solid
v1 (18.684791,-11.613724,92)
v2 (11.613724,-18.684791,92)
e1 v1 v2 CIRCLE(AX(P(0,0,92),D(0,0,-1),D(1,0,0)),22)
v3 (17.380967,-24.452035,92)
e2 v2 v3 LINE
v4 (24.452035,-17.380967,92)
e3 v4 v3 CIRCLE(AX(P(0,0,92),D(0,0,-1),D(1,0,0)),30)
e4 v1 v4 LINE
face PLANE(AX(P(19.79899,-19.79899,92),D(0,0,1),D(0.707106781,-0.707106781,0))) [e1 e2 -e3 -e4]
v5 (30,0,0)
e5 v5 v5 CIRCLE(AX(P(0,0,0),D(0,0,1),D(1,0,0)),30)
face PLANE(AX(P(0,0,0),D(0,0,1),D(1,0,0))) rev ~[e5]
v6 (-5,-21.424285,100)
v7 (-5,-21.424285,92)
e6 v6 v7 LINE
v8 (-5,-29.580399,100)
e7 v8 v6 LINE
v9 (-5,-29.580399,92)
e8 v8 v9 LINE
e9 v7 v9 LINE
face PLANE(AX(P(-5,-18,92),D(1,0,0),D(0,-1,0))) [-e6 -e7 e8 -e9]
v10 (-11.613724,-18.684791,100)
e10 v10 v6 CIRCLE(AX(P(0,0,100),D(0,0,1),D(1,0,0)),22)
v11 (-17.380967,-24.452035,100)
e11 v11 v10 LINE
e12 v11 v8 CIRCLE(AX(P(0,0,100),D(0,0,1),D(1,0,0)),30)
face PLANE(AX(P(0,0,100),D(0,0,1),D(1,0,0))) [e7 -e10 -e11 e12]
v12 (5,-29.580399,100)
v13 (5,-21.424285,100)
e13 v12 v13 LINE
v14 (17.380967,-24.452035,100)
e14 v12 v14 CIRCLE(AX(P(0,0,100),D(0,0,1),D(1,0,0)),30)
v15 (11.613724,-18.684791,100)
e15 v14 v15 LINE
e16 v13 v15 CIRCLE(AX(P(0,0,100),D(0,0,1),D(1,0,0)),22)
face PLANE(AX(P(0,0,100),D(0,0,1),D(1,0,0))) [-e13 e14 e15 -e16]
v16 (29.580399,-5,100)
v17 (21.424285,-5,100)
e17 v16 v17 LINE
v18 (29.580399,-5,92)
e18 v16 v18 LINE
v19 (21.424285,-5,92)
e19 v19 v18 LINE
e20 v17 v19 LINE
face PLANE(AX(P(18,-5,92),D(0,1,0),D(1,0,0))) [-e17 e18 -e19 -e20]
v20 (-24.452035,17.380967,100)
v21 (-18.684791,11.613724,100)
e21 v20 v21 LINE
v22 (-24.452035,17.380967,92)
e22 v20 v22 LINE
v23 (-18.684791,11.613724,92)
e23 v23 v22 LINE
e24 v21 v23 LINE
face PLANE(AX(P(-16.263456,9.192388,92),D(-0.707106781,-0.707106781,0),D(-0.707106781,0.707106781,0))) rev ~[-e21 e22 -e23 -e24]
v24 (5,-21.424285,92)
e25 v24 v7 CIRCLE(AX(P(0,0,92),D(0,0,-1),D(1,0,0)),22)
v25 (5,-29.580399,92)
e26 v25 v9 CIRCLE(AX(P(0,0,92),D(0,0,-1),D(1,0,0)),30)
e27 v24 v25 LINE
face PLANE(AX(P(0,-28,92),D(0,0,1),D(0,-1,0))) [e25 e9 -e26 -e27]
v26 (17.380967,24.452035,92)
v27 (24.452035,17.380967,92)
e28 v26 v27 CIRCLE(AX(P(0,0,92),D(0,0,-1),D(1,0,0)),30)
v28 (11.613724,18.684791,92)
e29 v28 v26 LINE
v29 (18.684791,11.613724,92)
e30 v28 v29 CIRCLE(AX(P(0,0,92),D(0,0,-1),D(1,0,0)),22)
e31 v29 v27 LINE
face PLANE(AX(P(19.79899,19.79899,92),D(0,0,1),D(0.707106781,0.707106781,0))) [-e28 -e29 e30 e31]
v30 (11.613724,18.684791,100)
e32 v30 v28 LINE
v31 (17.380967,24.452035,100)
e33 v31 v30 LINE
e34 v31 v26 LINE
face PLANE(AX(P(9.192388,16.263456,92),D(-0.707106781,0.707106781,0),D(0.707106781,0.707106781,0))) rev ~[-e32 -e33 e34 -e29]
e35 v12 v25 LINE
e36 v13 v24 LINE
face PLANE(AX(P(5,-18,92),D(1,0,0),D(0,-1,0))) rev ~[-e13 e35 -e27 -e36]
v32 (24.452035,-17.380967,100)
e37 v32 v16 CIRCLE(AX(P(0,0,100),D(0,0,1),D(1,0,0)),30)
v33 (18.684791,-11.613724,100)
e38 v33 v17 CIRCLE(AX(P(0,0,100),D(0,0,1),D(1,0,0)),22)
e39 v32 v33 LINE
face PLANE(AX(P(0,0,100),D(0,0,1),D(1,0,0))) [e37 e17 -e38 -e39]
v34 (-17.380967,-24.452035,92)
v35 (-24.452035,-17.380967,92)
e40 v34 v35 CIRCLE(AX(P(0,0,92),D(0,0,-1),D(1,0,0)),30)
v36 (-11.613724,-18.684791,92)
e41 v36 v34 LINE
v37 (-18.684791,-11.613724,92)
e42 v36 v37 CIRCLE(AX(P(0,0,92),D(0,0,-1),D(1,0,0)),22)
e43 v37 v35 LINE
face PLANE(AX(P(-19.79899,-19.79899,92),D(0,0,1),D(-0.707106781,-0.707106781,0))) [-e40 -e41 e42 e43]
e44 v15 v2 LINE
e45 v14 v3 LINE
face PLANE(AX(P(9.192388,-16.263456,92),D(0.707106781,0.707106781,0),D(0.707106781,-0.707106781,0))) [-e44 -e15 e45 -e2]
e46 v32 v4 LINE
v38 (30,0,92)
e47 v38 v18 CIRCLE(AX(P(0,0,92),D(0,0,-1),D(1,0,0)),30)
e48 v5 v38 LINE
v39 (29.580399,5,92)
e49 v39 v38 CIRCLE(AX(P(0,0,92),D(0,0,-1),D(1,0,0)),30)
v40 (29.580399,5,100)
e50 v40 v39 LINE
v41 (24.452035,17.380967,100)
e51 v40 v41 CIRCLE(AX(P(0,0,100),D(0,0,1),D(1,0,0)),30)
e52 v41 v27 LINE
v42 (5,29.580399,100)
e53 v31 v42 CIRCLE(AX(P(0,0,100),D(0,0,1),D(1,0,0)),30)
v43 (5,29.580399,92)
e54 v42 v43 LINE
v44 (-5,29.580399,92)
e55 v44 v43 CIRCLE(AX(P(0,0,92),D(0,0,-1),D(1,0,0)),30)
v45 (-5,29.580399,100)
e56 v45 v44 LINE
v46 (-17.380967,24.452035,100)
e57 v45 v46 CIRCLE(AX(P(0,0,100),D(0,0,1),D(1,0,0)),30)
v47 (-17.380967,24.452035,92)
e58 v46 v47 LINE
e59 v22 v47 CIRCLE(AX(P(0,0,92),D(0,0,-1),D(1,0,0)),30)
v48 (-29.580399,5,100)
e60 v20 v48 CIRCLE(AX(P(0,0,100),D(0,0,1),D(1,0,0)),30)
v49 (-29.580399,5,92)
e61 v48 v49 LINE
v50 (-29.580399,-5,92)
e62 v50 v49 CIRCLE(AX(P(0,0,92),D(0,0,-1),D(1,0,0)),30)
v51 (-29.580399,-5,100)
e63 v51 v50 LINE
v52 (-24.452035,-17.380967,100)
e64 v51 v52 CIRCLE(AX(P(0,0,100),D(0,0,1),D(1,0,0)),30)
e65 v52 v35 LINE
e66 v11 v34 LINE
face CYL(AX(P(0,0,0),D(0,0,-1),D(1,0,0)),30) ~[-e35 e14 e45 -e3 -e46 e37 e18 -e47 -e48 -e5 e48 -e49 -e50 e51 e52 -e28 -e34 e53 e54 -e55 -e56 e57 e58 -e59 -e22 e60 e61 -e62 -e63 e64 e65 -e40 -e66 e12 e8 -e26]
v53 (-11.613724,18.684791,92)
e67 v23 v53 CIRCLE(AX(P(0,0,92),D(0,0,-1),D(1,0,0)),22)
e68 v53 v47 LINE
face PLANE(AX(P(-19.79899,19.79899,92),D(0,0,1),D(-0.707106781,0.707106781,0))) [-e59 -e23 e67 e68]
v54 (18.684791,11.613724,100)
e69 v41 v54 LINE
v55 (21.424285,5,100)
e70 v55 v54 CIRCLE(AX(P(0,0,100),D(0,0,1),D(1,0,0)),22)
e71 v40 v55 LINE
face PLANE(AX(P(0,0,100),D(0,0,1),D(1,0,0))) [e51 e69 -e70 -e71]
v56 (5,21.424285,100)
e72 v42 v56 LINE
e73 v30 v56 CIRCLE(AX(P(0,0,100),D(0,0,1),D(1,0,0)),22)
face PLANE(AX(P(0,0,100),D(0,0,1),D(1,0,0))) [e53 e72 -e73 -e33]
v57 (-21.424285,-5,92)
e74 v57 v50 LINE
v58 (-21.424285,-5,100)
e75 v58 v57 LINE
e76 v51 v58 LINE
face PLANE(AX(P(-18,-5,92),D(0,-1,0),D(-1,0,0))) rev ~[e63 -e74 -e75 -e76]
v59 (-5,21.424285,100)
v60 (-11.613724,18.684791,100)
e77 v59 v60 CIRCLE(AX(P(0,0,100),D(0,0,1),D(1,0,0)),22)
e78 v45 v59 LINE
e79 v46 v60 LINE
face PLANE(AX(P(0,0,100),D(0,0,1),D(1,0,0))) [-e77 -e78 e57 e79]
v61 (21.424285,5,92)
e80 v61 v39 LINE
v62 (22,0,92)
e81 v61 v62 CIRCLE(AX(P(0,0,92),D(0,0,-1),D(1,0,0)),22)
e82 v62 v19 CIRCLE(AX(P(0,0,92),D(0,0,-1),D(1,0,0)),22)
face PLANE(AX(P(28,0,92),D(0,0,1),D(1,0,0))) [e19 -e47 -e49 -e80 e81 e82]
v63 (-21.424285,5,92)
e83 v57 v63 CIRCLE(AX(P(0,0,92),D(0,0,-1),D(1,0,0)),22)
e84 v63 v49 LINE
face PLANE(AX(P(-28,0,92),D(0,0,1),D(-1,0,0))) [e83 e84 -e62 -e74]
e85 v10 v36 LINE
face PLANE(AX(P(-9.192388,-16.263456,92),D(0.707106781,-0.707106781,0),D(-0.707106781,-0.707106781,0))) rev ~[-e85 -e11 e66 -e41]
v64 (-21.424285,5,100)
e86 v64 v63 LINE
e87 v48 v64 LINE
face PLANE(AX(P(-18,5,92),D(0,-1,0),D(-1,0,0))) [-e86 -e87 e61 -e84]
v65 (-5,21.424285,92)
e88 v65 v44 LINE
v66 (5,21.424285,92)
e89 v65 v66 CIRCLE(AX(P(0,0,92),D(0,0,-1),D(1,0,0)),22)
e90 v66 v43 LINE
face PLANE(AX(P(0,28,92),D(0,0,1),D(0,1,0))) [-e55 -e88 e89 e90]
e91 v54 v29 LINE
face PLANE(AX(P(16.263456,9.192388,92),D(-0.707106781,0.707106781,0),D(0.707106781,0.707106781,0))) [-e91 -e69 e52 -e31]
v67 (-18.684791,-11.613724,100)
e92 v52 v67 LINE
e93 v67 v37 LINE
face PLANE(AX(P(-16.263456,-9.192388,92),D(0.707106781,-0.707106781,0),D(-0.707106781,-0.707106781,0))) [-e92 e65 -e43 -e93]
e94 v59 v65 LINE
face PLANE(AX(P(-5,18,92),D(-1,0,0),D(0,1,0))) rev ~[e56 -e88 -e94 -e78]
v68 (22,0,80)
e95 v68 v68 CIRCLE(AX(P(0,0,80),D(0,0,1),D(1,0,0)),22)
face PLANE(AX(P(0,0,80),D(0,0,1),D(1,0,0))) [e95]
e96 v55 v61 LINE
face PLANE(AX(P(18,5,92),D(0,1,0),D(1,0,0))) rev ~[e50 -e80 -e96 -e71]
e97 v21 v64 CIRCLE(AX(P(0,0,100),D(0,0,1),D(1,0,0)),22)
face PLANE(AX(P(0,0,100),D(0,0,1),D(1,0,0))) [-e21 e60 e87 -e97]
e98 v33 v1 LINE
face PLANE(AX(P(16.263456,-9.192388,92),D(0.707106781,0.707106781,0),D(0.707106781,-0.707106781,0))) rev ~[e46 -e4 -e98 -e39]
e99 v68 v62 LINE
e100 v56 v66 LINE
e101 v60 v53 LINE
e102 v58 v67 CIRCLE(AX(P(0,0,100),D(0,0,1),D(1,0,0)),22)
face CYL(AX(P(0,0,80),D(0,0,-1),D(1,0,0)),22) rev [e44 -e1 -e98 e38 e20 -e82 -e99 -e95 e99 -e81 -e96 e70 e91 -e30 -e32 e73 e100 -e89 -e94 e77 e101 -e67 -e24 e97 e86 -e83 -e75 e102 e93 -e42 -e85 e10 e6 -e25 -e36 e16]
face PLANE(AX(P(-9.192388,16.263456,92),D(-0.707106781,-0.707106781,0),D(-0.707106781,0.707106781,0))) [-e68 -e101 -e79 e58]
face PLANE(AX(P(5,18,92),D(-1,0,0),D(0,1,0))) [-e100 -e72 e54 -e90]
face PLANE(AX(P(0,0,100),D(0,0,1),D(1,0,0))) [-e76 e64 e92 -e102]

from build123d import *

# Parameters (mm, degrees)
CYLINDER001_R     = 22
CYLINDER001_DEPTH = 20
BOX_W             = 20
BOX_H             = 10
BOX_DEPTH         = 10
ARRAY_COUNT       = 8
CYLINDER_R        = 30
CYLINDER_DEPTH    = 100


with BuildPart() as cilindre001:
    # Cylinder001 → Cylinder001 (new body)
    with BuildSketch(Plane.XY.offset(80)):
        Circle(CYLINDER001_R)
    extrude(amount=CYLINDER001_DEPTH)


with BuildPart() as array:
    # Box → Box (new body)
    with BuildSketch(Plane(origin=(18, -5, 0), x_dir=(1, 0, 0), z_dir=(0, 0, 1))):
        with Locations((10, 5)):
            Rectangle(BOX_W, BOX_H)
    extrude(amount=BOX_DEPTH)

    # Array: Array ×8 about axis
    array_axis = Axis((0, 0, 0), (0, 0, 1))


with BuildPart() as array_1:
    add(array.part)
    for i in range(1, ARRAY_COUNT):
        add(array.part.rotate(array_axis, i * 360 / ARRAY_COUNT))


with BuildPart() as array_2:
    # Array placement: moved
    add(array_1.part.moved(Location((0, 0, 92))))


with BuildPart() as cut001:
    # Cylinder → Cylinder (new body)
    with BuildSketch(Plane.XY):
        Circle(CYLINDER_R)
    extrude(amount=CYLINDER_DEPTH)

    # Cut: cut Array
    add(array_2.part, mode=Mode.SUBTRACT)

    # Cut001: cut Cilindre001
    add(cilindre001.part, mode=Mode.SUBTRACT)


solid = cut001.part
